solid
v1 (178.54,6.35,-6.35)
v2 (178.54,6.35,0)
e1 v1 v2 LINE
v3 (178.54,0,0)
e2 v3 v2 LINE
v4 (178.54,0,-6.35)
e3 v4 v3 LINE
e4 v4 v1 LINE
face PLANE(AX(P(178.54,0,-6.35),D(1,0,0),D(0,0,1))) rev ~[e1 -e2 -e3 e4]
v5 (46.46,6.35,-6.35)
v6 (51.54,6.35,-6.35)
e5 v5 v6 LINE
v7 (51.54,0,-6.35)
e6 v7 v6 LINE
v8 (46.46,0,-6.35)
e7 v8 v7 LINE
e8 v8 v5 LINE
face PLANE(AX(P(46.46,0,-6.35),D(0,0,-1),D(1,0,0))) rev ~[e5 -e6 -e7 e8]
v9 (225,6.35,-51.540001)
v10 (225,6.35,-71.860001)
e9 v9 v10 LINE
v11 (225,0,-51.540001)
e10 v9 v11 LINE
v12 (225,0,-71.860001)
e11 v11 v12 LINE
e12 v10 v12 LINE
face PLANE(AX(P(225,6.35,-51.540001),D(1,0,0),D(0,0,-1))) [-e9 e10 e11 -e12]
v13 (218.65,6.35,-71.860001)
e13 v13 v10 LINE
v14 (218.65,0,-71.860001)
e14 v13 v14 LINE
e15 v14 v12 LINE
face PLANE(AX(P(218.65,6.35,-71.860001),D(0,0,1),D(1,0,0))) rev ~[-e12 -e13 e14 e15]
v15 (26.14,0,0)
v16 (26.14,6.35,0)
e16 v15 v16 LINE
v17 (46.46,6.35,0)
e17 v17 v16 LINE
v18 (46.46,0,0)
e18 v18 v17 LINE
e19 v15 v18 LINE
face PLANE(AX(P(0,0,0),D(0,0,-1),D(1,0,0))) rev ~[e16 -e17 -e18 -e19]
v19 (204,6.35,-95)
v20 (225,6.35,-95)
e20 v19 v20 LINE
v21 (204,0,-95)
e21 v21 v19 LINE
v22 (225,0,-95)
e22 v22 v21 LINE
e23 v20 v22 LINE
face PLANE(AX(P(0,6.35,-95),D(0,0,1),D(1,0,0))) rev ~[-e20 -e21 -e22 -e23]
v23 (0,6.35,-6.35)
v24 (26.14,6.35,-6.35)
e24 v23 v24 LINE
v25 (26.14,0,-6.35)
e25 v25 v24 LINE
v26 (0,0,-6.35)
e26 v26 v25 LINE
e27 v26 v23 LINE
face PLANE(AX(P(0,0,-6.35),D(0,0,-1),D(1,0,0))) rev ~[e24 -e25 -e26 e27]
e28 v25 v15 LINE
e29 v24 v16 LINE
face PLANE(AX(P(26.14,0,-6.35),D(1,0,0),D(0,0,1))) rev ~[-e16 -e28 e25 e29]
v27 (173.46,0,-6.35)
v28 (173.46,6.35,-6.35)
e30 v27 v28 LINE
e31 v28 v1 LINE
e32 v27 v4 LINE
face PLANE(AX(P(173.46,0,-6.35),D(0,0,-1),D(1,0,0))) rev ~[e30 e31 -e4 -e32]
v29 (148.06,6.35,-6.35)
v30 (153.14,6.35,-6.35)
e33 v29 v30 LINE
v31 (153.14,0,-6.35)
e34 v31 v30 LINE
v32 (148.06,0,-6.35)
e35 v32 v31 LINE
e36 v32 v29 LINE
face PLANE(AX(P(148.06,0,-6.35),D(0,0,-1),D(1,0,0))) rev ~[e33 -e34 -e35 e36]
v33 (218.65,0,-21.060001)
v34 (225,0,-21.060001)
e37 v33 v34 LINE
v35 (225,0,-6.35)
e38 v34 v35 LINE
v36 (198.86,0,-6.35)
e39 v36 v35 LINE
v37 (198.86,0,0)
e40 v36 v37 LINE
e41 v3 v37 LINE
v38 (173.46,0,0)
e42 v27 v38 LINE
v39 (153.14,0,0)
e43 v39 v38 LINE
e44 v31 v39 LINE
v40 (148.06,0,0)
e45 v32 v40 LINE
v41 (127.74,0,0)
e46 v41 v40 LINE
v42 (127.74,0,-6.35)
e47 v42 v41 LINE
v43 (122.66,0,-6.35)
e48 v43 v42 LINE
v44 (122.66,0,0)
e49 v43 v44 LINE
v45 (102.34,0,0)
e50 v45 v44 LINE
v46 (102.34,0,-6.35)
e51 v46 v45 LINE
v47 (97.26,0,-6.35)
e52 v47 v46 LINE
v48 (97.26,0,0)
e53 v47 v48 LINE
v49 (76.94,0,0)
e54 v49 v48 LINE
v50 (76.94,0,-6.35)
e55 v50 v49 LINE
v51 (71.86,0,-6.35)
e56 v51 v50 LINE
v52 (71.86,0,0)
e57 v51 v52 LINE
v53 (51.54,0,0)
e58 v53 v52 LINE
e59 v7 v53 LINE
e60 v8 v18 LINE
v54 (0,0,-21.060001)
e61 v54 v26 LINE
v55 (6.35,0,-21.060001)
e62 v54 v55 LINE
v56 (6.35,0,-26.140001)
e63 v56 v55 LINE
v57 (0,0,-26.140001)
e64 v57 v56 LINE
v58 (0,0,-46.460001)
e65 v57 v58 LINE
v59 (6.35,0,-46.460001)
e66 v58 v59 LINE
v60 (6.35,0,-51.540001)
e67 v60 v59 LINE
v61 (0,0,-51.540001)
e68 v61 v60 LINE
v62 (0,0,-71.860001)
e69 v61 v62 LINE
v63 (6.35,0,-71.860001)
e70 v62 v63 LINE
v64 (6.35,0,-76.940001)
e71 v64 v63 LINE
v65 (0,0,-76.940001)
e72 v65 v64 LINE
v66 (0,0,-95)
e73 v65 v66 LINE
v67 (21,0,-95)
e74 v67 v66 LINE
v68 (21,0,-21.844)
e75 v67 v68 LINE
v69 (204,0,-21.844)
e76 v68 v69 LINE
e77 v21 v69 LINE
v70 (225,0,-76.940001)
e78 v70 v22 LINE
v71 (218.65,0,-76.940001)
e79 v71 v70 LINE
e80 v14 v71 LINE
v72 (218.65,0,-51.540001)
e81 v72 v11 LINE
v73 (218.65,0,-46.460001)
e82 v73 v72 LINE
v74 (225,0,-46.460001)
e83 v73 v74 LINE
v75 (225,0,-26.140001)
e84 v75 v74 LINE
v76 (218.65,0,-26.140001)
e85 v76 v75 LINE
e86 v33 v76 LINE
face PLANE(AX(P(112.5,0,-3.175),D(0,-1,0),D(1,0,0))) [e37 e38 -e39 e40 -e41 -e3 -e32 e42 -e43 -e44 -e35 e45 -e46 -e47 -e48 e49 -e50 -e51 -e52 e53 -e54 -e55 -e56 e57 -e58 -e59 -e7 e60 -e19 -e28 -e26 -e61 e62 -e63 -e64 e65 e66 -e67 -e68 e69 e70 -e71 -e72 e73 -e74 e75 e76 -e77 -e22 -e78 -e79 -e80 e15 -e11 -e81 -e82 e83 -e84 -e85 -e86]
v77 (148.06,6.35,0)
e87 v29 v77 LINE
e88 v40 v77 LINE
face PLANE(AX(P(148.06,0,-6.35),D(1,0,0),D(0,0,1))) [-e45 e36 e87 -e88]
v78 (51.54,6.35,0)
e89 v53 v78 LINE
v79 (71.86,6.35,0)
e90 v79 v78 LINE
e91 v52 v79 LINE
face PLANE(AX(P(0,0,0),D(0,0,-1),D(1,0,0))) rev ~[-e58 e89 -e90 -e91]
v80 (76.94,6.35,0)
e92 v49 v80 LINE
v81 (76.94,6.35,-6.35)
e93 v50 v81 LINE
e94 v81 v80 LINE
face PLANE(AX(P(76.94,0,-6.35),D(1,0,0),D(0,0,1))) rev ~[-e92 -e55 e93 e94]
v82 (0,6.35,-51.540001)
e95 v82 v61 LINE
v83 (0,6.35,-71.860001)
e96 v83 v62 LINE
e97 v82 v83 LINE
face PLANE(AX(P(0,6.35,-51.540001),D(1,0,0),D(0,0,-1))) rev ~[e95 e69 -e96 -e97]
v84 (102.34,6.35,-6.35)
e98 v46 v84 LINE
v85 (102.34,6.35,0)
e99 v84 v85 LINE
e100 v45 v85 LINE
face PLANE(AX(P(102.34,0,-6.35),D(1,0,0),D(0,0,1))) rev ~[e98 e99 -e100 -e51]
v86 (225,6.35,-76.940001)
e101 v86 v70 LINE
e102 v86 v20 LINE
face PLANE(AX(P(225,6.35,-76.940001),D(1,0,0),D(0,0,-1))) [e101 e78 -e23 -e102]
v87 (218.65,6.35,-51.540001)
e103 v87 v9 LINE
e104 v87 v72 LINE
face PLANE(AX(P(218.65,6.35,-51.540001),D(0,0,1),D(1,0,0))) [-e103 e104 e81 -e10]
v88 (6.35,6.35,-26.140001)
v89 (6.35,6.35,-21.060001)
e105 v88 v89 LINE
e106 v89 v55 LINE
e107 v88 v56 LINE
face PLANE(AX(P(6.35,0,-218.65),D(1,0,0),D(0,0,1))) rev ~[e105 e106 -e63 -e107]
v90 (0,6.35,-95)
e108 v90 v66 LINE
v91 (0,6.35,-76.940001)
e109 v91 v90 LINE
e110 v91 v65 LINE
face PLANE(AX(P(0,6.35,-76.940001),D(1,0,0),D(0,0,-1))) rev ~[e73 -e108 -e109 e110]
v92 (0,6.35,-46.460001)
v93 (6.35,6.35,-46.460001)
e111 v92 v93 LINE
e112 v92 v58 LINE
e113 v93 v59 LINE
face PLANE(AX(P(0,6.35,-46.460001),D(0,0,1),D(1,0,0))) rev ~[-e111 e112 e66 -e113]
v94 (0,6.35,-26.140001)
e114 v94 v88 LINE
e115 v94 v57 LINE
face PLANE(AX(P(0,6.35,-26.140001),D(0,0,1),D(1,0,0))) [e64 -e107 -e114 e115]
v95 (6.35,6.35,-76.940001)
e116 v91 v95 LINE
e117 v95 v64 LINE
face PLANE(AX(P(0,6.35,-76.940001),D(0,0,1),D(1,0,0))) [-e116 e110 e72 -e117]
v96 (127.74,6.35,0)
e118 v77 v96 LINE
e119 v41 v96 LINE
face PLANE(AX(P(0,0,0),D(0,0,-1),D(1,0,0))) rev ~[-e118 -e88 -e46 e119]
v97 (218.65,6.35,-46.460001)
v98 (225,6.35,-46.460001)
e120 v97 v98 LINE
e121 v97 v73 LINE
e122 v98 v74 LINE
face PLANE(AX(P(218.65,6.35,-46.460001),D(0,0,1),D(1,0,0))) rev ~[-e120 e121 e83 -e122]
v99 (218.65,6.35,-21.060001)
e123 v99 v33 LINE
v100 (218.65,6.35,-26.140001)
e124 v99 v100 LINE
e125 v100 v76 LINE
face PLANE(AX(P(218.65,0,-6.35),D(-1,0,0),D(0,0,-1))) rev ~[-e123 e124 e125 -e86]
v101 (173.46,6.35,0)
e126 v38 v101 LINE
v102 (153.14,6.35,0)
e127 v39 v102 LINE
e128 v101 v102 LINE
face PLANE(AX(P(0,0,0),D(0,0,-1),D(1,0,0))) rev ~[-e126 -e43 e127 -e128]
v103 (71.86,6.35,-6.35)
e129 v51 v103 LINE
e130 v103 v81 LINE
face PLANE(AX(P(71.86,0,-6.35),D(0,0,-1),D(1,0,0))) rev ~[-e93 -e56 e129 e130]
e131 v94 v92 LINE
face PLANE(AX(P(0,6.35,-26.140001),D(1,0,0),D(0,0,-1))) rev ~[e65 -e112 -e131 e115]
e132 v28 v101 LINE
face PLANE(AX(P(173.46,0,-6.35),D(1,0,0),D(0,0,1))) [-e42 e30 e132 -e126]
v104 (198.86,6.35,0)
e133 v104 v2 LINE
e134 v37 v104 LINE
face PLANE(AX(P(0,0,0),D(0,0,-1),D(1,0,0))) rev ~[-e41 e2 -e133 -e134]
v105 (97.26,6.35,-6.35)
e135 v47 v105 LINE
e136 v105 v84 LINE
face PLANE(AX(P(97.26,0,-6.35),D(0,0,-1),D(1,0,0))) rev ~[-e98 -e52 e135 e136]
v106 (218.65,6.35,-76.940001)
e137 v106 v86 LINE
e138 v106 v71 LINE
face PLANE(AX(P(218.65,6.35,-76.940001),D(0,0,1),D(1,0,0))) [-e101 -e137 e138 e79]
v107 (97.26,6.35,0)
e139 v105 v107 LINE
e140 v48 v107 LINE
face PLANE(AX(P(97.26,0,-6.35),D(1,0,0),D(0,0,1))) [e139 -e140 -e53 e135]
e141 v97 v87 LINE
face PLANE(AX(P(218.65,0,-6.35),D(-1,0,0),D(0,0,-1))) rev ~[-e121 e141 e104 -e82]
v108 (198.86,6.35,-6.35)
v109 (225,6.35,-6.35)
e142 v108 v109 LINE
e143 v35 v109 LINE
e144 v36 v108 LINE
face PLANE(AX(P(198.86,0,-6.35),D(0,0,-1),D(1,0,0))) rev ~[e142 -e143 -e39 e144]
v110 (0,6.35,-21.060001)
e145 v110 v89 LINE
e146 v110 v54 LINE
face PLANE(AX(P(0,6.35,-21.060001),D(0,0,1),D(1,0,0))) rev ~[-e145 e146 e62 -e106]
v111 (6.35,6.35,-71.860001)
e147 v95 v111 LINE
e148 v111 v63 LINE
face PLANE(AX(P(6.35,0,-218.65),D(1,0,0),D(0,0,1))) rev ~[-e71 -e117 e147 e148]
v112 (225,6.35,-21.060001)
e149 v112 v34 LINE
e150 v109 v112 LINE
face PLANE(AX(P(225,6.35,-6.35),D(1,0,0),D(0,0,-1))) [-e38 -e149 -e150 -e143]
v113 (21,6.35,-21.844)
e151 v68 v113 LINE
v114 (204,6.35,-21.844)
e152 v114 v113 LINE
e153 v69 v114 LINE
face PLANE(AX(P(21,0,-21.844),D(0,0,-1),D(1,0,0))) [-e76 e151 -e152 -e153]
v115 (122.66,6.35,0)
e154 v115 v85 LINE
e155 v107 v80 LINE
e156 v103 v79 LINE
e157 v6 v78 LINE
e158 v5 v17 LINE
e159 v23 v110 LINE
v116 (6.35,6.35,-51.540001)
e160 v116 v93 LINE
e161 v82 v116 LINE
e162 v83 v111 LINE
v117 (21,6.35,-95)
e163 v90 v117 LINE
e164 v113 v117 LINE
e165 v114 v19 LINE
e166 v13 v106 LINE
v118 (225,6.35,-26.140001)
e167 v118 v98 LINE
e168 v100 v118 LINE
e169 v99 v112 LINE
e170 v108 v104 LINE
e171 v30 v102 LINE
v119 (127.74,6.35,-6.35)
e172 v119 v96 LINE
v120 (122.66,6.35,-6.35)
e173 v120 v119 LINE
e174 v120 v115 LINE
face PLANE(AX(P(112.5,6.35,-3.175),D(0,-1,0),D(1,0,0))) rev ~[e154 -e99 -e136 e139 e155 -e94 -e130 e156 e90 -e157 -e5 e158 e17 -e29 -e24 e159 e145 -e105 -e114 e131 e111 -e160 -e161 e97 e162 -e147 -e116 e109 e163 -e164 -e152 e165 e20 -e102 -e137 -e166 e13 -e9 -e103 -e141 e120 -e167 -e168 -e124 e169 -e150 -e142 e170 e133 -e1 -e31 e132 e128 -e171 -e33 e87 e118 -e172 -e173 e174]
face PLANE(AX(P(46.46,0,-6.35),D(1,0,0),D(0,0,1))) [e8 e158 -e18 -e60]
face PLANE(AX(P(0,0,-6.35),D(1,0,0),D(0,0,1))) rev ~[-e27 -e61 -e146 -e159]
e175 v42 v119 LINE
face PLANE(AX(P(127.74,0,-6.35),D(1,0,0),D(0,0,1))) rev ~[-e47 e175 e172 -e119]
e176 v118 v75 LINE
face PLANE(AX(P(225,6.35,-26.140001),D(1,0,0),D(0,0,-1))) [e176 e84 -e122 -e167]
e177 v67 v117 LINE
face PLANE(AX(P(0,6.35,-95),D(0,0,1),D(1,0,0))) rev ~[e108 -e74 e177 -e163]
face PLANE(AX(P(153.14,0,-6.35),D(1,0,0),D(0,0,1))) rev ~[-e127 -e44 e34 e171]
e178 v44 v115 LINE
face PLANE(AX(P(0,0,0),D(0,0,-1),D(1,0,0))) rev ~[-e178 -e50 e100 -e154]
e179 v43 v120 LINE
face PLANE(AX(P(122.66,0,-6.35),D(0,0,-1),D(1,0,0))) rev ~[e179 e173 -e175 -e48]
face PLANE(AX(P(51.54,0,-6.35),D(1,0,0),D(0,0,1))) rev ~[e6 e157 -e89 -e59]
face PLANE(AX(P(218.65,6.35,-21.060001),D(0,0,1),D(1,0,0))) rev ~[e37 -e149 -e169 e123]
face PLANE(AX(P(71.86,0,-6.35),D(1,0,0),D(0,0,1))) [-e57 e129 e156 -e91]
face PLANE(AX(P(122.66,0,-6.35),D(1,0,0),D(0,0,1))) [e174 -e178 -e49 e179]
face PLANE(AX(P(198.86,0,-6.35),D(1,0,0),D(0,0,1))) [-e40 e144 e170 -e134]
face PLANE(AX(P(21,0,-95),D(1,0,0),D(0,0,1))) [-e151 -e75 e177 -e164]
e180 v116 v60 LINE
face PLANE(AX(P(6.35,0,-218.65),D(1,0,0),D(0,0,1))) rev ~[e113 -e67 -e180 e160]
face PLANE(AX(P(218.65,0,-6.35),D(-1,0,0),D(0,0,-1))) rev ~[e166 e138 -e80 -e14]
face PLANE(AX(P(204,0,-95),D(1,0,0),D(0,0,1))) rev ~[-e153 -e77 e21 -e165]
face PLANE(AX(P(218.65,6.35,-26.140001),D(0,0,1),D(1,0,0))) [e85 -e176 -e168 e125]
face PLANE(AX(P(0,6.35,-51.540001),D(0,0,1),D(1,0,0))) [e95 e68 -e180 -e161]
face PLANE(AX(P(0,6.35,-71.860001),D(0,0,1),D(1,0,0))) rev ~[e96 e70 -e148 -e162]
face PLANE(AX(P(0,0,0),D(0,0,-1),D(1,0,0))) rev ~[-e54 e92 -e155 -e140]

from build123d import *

# Parameters (mm, degrees)
SKETCH1_W           = 32.142857143
SKETCH1_H           = 6.35
SKETCH1_W_2         = 32.142857142
BOSS_EXTRUDE1_DEPTH = 6.35
SKETCH2_W           = 212.3
SKETCH2_H           = 112.5
CUT_EXTRUDE1_DEPTH  = 314.804310041
SKETCH3_W           = 212.3
SKETCH3_H           = 17.5
CUT_EXTRUDE2_DEPTH  = 6.35
SKETCH4_W           = 6.35
SKETCH4_H           = 18.05999894
SKETCH4_H_2         = 20.32
SKETCH4_H_3         = 14.71000106
BOSS_EXTRUDE2_DEPTH = 6.35
SKETCH5_W           = 183
SKETCH5_H           = 73.156
CUT_EXTRUDE3_DEPTH  = 245.316029969
SKETCH6_W           = 225
SKETCH6_H           = 6.35
BOSS_EXTRUDE3_DEPTH = 6.35
SKETCH7_W           = 5.08
SKETCH7_H           = 6.35
SKETCH7_W_2         = 26.14
CUT_EXTRUDE4_DEPTH  = 245.316029969


with BuildPart() as part:
    # Sketch1 → Boss-Extrude1 (new body)
    with BuildSketch(Plane(origin=(0, 0, 0), x_dir=(1, 0, 0), z_dir=(0, 1, 0))):
        Polygon((6.35, 6.35), (32.142857143, 6.35), (64.285714286, 6.35), (96.428571429, 6.35), (128.571428571, 6.35), (160.714285714, 6.35), (192.857142857, 6.35), (218.65, 6.35), (218.65, 32.142857143), (218.65, 64.285714286), (218.65, 96.428571429), (218.65, 128.571428571), (218.65, 160.714285714), (218.65, 192.857142857), (218.65, 218.65), (192.857142857, 218.65), (160.714285714, 218.65), (128.571428571, 218.65), (96.428571429, 218.65), (64.285714286, 218.65), (32.142857143, 218.65), (6.35, 218.65), (6.35, 192.857142857), (6.35, 160.714285714), (6.35, 128.571428571), (6.35, 96.428571429), (6.35, 64.285714286), (6.35, 32.142857143), align=None)
        with Locations((48.214285715, 221.825)):
            Rectangle(SKETCH1_W, SKETCH1_H)
        with Locations((112.5, 221.825)):
            Rectangle(SKETCH1_W_2, SKETCH1_H)
        with Locations((176.785714286, 221.825)):
            Rectangle(SKETCH1_W, SKETCH1_H)
        with Locations((176.785714286, 3.175)):
            Rectangle(SKETCH1_W, SKETCH1_H)
        with Locations((112.5, 3.175)):
            Rectangle(SKETCH1_W_2, SKETCH1_H)
        with Locations((48.214285715, 3.175)):
            Rectangle(SKETCH1_W, SKETCH1_H)
    extrude(amount=BOSS_EXTRUDE1_DEPTH)

    # Sketch2 → Cut-Extrude1 (cut, through all)
    with BuildSketch(Plane(origin=(0, 6.35, 0), x_dir=(1, 0, 0), z_dir=(0, 1, 0))):
        with Locations((112.5, 168.75)):
            Rectangle(SKETCH2_W, SKETCH2_H)
    extrude(amount=-CUT_EXTRUDE1_DEPTH, mode=Mode.SUBTRACT)

    # Sketch3 → Cut-Extrude2 (cut)
    with BuildSketch(Plane(origin=(0, 6.35, 0), x_dir=(1, 0, 0), z_dir=(0, 1, 0))):
        with Locations((112.5, 103.75)):
            Rectangle(SKETCH3_W, SKETCH3_H)
    extrude(amount=-CUT_EXTRUDE2_DEPTH, mode=Mode.SUBTRACT)

    # Sketch4 → Boss-Extrude2 (add)
    with BuildSketch(Plane(origin=(0, 6.35, 0), x_dir=(1, 0, 0), z_dir=(0, 1, 0))):
        with Locations((3.175, 85.97000053)):
            Rectangle(SKETCH4_W, SKETCH4_H)
        with Locations((3.175, 61.70000106)):
            Rectangle(SKETCH4_W, SKETCH4_H_2)
        with Locations((3.175, 36.30000106)):
            Rectangle(SKETCH4_W, SKETCH4_H_2)
        with Locations((3.175, 13.70500053)):
            Rectangle(SKETCH4_W, SKETCH4_H_3)
        with Locations((221.825, 85.97000053)):
            Rectangle(SKETCH4_W, SKETCH4_H)
        with Locations((221.825, 61.70000106)):
            Rectangle(SKETCH4_W, SKETCH4_H_2)
        with Locations((221.825, 36.30000106)):
            Rectangle(SKETCH4_W, SKETCH4_H_2)
        with Locations((221.825, 13.70500053)):
            Rectangle(SKETCH4_W, SKETCH4_H_3)
    extrude(amount=-BOSS_EXTRUDE2_DEPTH)

    # Sketch5 → Cut-Extrude3 (cut, through all)
    with BuildSketch(Plane.XZ):
        with Locations((112.5, -58.422)):
            Rectangle(SKETCH5_W, SKETCH5_H)
    extrude(amount=-CUT_EXTRUDE3_DEPTH, mode=Mode.SUBTRACT)

    # Sketch6 → Boss-Extrude3 (add)
    with BuildSketch(Plane.XZ):
        with Locations((112.5, -3.175)):
            Rectangle(SKETCH6_W, SKETCH6_H)
    extrude(amount=-BOSS_EXTRUDE3_DEPTH)

    # Sketch7 → Cut-Extrude4 (cut, through all)
    with BuildSketch(Plane.XZ):
        with Locations((176, -3.175)):
            Rectangle(SKETCH7_W, SKETCH7_H)
        with Locations((150.6, -3.175)):
            Rectangle(SKETCH7_W, SKETCH7_H)
        with Locations((125.2, -3.175)):
            Rectangle(SKETCH7_W, SKETCH7_H)
        with Locations((99.8, -3.175)):
            Rectangle(SKETCH7_W, SKETCH7_H)
        with Locations((74.4, -3.175)):
            Rectangle(SKETCH7_W, SKETCH7_H)
        with Locations((49, -3.175)):
            Rectangle(SKETCH7_W, SKETCH7_H)
        with Locations((211.93, -3.175)):
            Rectangle(SKETCH7_W_2, SKETCH7_H)
        with Locations((13.07, -3.175)):
            Rectangle(SKETCH7_W_2, SKETCH7_H)
    extrude(amount=-CUT_EXTRUDE4_DEPTH, mode=Mode.SUBTRACT)


solid = part.part
